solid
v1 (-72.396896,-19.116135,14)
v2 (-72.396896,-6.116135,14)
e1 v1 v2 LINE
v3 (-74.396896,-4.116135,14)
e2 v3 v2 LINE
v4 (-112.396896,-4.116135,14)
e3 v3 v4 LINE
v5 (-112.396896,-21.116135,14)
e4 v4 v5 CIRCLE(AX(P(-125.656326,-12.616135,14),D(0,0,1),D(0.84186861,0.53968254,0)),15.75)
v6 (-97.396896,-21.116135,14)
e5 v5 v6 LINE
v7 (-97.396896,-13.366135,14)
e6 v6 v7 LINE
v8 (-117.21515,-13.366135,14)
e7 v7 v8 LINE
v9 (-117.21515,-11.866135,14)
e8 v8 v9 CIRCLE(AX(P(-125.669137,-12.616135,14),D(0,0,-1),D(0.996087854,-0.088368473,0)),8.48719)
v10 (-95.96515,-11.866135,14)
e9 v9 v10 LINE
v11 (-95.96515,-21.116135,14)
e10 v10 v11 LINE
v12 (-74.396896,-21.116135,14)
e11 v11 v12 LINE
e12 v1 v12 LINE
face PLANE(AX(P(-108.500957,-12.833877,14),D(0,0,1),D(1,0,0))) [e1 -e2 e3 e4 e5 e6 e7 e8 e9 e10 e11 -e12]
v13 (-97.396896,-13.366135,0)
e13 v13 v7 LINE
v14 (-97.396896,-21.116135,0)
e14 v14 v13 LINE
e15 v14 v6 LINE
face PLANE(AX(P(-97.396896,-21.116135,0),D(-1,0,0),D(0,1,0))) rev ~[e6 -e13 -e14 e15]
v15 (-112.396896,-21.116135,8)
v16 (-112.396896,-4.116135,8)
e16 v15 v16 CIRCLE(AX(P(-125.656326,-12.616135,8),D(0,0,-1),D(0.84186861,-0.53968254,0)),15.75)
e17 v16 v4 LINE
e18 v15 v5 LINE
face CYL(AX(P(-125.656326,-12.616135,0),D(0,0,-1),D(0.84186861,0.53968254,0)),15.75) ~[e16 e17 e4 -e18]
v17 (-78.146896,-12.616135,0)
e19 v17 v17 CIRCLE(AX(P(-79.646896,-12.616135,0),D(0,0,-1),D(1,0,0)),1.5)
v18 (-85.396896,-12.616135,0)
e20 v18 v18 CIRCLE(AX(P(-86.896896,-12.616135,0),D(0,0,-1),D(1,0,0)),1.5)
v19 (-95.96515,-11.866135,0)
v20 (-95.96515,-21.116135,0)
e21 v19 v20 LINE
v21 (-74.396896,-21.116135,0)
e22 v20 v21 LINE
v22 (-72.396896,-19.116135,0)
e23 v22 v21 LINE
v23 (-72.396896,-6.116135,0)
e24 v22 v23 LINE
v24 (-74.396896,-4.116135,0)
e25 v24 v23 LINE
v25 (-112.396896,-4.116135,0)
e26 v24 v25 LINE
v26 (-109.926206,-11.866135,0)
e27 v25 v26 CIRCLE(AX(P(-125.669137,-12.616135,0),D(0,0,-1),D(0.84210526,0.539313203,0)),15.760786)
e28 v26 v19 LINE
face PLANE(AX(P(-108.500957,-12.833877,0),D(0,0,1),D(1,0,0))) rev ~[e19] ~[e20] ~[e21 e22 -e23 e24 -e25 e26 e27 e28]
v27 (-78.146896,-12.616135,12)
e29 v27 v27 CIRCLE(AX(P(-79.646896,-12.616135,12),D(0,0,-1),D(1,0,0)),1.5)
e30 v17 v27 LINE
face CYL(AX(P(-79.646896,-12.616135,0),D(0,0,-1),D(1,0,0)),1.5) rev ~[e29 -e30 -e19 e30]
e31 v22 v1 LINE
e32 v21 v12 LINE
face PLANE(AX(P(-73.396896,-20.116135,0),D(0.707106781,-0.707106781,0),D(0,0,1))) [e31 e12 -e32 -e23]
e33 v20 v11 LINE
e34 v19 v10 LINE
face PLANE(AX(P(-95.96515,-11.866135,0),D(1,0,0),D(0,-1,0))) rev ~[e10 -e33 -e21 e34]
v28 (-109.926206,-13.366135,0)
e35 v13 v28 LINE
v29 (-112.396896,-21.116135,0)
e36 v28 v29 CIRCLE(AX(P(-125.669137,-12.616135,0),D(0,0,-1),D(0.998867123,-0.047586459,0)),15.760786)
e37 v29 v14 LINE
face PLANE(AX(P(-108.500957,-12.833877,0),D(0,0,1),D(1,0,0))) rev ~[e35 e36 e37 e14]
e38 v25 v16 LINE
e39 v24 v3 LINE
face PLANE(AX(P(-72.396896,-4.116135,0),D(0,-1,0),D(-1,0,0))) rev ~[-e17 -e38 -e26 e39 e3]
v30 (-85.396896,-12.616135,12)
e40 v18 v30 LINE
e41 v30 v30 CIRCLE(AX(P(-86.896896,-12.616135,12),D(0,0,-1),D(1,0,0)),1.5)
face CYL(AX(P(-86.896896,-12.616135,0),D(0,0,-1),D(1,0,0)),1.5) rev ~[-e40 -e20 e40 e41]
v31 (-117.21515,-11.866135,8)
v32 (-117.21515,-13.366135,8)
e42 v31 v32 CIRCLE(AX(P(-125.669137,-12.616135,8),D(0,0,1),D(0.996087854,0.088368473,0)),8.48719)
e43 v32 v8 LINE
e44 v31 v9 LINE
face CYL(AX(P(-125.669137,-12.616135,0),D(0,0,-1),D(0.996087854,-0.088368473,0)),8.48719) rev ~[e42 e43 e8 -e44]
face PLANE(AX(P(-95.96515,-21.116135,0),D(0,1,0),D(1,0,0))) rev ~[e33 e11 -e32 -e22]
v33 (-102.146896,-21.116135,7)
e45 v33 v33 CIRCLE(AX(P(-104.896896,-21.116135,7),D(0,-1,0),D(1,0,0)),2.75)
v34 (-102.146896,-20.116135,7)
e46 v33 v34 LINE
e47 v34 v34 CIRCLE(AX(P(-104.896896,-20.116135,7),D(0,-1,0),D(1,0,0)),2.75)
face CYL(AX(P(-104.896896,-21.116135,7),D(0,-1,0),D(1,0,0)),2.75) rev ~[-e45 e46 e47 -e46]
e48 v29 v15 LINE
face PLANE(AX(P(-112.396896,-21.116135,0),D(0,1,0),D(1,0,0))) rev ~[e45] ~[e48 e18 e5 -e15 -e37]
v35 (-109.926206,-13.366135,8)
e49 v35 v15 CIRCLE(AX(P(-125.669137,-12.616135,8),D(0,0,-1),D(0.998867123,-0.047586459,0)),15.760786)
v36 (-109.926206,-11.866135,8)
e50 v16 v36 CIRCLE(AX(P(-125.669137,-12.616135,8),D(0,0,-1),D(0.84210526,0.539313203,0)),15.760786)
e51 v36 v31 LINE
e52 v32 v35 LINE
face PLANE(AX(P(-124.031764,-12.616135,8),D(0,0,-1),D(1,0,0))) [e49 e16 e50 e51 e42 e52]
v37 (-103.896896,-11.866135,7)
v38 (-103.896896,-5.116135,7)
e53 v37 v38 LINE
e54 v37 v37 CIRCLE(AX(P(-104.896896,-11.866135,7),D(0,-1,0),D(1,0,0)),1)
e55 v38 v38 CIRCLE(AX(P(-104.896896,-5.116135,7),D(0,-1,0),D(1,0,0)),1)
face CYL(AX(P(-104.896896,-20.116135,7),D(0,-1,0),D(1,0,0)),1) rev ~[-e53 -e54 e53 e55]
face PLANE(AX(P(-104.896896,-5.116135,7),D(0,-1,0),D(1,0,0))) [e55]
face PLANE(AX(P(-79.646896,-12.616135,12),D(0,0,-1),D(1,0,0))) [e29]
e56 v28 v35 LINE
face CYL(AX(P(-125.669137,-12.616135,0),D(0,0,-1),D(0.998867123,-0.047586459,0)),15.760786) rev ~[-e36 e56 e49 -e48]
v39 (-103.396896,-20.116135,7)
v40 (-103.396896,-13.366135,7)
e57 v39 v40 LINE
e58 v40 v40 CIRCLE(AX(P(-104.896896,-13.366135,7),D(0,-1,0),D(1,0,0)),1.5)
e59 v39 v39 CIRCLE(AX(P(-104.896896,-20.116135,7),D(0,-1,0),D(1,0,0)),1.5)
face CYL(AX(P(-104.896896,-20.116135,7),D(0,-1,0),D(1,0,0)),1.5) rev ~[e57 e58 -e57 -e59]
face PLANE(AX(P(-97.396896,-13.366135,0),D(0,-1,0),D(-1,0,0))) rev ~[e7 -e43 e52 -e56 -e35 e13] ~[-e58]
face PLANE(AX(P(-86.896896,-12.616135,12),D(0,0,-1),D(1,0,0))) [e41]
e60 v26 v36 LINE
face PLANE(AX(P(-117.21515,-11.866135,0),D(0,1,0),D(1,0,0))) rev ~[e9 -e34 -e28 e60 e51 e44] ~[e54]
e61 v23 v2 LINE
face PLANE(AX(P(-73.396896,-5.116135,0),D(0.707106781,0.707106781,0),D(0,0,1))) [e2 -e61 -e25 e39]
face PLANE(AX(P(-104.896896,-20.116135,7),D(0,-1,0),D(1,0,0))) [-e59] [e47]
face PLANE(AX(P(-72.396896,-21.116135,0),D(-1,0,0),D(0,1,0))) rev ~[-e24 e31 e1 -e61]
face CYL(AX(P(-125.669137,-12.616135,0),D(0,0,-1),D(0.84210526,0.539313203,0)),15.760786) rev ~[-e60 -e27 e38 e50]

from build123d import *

# Parameters (mm, degrees)
F1_DEPTH  = 14
F2_R      = 2.75
F3_DEPTH  = 1
F4_R      = 1.5
F5_DEPTH  = 6.75
F6_R      = 1
F7_DEPTH  = 15
F9_DEPTH  = 8
F10_R     = 1.5
F11_DEPTH = 12
F12_SIZE  = 2


with BuildPart() as f1:
    # F0 (on Top) → F1 (new body)
    with BuildSketch(Plane.XY):
        with BuildLine():
            Line((-72.3968957005, -4.1161350385), (-112.3968957005, -4.1161350385))
            ThreePointArc((-112.3968957005, -4.1161350385), (-141.4063263067, -12.6161350385), (-112.3968957005, -21.1161350385))
            Line((-112.3968957005, -21.1161350385), (-97.3968957005, -21.1161350385))
            Line((-97.3968957005, -21.1161350385), (-97.3968957005, -13.3661350385))
            Line((-97.3968957005, -13.3661350385), (-117.2151498361, -13.3661350385))
            ThreePointArc((-117.2151498361, -13.3661350385), (-134.1563263067, -12.6161350385), (-117.2151498361, -11.8661350385))
            Line((-117.2151498361, -11.8661350385), (-95.9651498361, -11.8661350385))
            Line((-95.9651498361, -11.8661350385), (-95.9651498361, -21.1161350385))
            Line((-95.9651498361, -21.1161350385), (-72.3968957005, -21.1161350385))
            Line((-72.3968957005, -21.1161350385), (-72.3968957005, -4.1161350385))
        make_face()
    extrude(amount=F1_DEPTH)

    # F2 (on face) → F3 (cut)
    with BuildSketch(Plane.XZ.offset(21.1161350386)):
        with Locations((-104.8968957005, 7)):
            Circle(F2_R)
    extrude(amount=-F3_DEPTH, mode=Mode.SUBTRACT)

    # F4 (on face) → F5 (cut, through all)
    with BuildSketch(Plane.XZ.offset(20.1161350386)):
        with Locations((-104.8968957005, 7)):
            Circle(F4_R)
    extrude(amount=-F5_DEPTH, mode=Mode.SUBTRACT)

    # F6 (on face) → F7 (cut)
    with BuildSketch(Plane.XZ.offset(20.1161350386)):
        with Locations((-104.8968957005, 7)):
            Circle(F6_R)
    extrude(amount=-F7_DEPTH, mode=Mode.SUBTRACT)

    # F8 (on face) → F9 (cut)
    with BuildSketch(Plane(origin=(0, 0, 0), x_dir=(1, 0, 0), z_dir=(0, 0, -1))):
        with BuildLine():
            ThreePointArc((-109.9262055214, 13.3661350385), (-110.6529561162, 17.403274319), (-112.3968957005, 21.1161350385))
            ThreePointArc((-112.3968957005, 21.1161350385), (-141.4063263067, 12.6161350385), (-112.3968957005, 4.1161350385))
            ThreePointArc((-112.3968957005, 4.1161350385), (-110.6529561162, 7.8289957581), (-109.9262055214, 11.8661350385))
            Line((-109.9262055214, 11.8661350385), (-117.2151498361, 11.8661350385))
            ThreePointArc((-117.2151498361, 11.8661350385), (-134.1563263067, 12.6161350385), (-117.2151498361, 13.3661350385))
            Line((-117.2151498361, 13.3661350385), (-109.9262055214, 13.3661350385))
        make_face()
    extrude(amount=-F9_DEPTH, mode=Mode.SUBTRACT)

    # F10 (on face) → F11 (cut)
    with BuildSketch(Plane(origin=(0, 0, 0), x_dir=(1, 0, 0), z_dir=(0, 0, -1))):
        with Locations((-79.6468957005, 12.6161350385)):
            Circle(F10_R)
        with Locations((-86.8968957005, 12.6161350385)):
            Circle(F10_R)
    extrude(amount=-F11_DEPTH, mode=Mode.SUBTRACT)

    # F12
    f12_edges = [f1.edges().sort_by_distance(p)[0] for p in [
        (-72.396896, -4.116135, 7),
        (-72.396896, -21.116135, 7),
    ]]
    chamfer(f12_edges, length=F12_SIZE)


solid = f1.part
